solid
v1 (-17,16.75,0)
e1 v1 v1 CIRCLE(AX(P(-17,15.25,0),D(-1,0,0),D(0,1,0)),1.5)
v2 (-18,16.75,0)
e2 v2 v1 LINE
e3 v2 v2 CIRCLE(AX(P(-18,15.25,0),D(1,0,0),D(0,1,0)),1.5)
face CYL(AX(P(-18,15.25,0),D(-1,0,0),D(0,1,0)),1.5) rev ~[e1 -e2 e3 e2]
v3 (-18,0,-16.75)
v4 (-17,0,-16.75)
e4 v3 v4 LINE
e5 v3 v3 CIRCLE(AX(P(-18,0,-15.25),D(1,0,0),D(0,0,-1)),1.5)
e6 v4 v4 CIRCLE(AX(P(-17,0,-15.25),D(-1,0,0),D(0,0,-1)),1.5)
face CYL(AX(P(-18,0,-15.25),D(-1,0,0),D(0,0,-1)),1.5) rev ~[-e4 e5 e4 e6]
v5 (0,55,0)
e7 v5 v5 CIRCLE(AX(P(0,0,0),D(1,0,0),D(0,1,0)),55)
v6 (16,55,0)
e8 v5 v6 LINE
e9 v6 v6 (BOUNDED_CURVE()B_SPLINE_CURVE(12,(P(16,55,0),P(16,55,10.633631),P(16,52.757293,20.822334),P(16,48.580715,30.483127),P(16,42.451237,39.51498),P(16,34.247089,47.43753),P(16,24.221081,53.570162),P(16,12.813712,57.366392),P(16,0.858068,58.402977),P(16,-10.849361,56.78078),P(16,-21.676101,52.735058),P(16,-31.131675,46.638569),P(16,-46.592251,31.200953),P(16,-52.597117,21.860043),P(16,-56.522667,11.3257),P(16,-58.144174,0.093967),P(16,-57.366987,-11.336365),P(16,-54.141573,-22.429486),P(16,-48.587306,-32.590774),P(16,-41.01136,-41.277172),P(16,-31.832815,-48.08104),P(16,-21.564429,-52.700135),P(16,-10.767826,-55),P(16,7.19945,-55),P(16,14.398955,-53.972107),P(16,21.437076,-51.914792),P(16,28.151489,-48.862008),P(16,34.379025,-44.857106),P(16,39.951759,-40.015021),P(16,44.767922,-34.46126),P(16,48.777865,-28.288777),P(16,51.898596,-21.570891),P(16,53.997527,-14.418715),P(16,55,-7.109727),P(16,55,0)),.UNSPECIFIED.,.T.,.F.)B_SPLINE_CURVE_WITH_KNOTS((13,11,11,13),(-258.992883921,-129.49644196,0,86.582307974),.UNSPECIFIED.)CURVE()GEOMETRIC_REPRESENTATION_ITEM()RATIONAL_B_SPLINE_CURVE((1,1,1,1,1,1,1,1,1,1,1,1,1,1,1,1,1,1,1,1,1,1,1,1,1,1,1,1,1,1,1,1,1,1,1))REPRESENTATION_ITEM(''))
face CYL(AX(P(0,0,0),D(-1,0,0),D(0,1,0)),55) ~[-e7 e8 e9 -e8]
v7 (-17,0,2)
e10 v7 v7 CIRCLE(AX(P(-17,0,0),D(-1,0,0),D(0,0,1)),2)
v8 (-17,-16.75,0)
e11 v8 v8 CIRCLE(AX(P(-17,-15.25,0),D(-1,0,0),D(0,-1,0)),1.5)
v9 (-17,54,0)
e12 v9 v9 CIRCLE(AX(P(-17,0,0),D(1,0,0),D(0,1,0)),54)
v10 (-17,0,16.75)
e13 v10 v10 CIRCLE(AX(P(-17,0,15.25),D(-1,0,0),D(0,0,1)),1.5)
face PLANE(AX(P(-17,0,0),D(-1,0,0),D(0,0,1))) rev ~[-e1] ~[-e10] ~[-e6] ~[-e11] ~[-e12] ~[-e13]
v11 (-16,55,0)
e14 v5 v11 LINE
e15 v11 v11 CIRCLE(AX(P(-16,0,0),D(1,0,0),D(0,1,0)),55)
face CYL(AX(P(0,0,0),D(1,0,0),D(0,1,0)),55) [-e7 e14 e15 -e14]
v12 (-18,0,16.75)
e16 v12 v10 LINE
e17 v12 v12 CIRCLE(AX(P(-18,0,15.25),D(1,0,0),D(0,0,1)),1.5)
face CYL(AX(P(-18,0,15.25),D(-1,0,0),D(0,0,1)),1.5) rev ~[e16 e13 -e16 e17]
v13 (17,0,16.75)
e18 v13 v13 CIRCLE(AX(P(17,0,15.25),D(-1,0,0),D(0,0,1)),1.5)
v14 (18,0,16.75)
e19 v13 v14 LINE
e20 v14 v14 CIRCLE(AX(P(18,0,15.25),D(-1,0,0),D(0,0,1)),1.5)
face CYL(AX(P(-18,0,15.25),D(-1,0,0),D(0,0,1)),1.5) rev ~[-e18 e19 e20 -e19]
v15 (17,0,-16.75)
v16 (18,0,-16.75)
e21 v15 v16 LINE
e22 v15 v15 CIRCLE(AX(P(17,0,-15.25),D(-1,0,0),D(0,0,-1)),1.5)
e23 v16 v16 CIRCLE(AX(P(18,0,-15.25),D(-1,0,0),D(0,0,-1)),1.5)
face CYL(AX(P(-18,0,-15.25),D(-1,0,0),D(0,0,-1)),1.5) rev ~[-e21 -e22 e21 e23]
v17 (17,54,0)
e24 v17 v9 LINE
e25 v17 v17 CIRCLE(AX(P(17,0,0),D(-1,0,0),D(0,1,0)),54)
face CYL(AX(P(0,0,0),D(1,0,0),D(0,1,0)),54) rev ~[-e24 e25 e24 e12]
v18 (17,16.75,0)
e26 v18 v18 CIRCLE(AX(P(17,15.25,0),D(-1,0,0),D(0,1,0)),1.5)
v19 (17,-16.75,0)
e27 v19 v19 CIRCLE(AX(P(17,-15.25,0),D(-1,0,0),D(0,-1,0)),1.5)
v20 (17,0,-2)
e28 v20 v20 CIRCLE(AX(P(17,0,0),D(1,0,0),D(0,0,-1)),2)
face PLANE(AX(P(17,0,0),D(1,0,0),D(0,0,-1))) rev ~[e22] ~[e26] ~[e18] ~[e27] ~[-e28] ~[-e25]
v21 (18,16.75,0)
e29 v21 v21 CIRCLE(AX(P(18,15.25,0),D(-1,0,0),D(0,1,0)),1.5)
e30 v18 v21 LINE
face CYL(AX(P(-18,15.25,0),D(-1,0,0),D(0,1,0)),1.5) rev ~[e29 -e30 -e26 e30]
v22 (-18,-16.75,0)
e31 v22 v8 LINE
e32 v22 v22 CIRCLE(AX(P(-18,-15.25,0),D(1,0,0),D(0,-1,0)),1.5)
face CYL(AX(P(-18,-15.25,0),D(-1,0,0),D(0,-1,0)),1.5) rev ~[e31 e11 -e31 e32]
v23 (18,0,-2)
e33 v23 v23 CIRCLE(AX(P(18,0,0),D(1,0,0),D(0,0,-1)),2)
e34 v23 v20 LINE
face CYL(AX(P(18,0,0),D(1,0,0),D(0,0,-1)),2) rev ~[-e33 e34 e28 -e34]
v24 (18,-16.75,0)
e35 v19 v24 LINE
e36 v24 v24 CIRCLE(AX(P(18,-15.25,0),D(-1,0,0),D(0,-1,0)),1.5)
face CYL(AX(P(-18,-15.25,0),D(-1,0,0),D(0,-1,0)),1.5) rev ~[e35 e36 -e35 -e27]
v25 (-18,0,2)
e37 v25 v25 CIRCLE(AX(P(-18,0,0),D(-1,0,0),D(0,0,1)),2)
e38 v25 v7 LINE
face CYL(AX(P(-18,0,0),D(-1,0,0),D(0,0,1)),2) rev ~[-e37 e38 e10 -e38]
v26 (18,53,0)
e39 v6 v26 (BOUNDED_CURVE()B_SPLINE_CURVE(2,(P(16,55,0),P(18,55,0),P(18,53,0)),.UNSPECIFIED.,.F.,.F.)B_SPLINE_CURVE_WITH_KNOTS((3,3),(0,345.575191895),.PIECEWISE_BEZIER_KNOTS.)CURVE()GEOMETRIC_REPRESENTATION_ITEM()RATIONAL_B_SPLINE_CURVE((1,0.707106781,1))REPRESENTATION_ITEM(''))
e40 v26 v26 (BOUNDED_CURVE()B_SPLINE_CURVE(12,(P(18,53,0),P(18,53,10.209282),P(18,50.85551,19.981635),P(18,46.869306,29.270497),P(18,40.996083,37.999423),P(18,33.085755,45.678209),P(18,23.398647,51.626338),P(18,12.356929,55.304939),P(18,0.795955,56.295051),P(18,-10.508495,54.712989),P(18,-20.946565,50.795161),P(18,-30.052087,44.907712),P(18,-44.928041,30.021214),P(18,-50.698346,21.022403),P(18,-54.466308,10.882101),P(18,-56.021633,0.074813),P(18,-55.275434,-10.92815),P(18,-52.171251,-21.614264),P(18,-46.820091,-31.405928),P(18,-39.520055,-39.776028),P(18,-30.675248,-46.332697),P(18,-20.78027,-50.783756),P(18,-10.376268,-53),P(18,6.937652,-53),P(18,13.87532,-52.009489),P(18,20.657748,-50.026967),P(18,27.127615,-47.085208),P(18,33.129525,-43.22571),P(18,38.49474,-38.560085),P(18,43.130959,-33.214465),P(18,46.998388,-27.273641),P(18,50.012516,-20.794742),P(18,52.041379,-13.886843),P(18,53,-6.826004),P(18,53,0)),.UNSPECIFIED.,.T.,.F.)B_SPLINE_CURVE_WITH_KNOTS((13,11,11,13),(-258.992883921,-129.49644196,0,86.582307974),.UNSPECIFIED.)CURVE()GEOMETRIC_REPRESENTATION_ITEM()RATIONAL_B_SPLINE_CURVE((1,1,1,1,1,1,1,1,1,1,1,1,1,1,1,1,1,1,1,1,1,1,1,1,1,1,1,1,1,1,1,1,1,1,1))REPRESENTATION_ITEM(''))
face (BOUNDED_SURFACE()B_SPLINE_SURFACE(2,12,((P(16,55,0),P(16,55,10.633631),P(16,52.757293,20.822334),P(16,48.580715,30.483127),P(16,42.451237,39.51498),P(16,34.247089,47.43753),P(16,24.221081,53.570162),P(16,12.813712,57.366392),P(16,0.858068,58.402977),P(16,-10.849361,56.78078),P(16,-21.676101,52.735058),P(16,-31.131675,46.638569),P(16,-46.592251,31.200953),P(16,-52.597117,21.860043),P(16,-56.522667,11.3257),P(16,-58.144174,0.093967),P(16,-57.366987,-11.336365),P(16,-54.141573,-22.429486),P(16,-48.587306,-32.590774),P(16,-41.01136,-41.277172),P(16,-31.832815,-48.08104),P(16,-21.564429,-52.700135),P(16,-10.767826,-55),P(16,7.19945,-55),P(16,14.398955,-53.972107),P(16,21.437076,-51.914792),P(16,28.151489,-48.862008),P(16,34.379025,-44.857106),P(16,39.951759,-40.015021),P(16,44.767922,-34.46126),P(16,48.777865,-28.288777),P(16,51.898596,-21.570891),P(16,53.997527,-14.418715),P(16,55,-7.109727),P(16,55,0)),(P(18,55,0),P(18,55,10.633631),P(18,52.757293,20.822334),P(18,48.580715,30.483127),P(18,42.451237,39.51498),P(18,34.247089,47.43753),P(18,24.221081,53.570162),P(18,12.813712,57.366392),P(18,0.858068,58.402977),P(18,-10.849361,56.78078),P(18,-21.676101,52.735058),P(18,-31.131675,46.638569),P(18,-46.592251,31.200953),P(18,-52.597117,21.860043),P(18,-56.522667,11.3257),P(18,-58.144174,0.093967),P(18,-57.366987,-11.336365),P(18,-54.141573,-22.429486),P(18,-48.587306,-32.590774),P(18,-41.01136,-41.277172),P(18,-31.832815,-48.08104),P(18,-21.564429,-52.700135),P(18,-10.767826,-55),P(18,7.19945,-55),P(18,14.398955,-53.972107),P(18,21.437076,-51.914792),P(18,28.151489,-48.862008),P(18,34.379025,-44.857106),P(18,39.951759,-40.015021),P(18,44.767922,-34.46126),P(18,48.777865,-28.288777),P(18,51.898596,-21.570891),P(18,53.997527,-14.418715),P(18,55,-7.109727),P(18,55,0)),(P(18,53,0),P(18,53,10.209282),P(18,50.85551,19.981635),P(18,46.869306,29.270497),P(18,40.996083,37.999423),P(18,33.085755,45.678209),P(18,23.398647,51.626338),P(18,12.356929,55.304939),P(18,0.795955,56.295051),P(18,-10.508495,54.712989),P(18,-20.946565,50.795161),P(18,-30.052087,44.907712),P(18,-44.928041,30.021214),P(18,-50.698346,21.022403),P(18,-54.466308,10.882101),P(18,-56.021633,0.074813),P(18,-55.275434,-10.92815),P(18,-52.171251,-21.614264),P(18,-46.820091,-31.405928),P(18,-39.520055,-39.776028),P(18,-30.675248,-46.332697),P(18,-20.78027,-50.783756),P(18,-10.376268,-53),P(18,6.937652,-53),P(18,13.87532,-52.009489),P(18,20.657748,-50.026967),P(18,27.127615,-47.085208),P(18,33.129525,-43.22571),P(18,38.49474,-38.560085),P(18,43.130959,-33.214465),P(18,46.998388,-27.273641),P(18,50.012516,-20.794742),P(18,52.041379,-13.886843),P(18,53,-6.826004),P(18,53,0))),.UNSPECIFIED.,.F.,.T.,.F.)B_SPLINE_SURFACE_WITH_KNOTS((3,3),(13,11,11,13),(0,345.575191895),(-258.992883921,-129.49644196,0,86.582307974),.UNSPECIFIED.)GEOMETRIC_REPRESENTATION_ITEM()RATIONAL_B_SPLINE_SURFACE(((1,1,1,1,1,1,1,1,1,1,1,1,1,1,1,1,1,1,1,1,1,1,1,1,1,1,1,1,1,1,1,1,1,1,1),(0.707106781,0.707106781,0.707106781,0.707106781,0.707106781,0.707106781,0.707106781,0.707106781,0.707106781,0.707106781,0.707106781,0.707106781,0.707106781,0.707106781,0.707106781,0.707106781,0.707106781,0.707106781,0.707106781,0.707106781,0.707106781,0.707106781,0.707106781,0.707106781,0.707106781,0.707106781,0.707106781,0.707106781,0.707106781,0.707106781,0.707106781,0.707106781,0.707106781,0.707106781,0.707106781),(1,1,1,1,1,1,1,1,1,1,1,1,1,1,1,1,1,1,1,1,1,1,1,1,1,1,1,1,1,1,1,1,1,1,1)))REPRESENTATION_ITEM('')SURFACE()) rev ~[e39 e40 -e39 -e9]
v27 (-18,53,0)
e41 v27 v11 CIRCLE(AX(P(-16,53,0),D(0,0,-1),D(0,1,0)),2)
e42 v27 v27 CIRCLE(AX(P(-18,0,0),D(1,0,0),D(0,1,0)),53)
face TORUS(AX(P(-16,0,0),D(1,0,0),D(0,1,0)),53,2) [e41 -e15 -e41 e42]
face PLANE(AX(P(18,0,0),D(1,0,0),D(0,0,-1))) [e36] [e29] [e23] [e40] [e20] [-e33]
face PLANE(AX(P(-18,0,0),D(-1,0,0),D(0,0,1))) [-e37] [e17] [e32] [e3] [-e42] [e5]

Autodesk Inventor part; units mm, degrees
ref_plane "YZ Plane" through (0, 0, 0) normal (1, 0, 0) x (0, 1, 0)
ref_plane "XZ Plane" through (0, 0, 0) normal (0, 1, 0) x (-1, 0, 0)
ref_plane "XY Plane" through (0, 0, 0) normal (0, 0, 1) x (1, 0, 0)
sketch "스케치1" plane through (0, 0, 0) normal (1, 0, 0) x (0, 1, 0)
  circle A0 centre (0, 0) radius 55
  circle A1 centre (0, 0) radius 54
  dimension "d0" = 110
  dimension "d1" = 1
extrude "돌출1" add sketch "스케치1" along normal mid plane 36
sketch "스케치2" plane through (18, 0, 0) normal (1, 0, 0) x (0, 0, -1)
  circle A0 centre (0, 0) radius 55 projected
  circle A1 centre (0, 0) radius 2
  dimension "d4" = 4
extrude "돌출2" add sketch "스케치2" against normal blind 1
sketch "스케치3" plane through (-18, 0, 0) normal (-1, 0, 0) x (0, 0, 1)
  circle A0 centre (0, 0) radius 2 projected
  circle A1 centre (0, 0) radius 54 projected
extrude "돌출3" add sketch "스케치3" against normal blind 1
sketch "스케치4" plane through (-18, 0, 0) normal (-1, 0, 0) x (0, 0, 1)
  circle A0 centre (0, 0) radius 15.25
  line L0 (0, 0) -> (15.25, 0)
  circle A1 centre (15.25, 0) radius 1.5
  dimension "d9" = 30.5
  dimension "d10" = 3
extrude "돌출4" cut sketch "스케치4" against normal blind 36 contours L0 A1 A0 | A0 A1 | A0 A1 L0 picked at (15.6947, -0.39)
pattern_circular "원형 패턴1" count 4 over 360 about axis through (-18, 0, 0) along (1, 0, 0) of "돌출4"
fillet "모깎기1" radius 2 3 edges at (18, 38.8909, -38.8909) (18, -38.8909, 38.8909) (-18, -55, 0)
properties part number "바퀴"
